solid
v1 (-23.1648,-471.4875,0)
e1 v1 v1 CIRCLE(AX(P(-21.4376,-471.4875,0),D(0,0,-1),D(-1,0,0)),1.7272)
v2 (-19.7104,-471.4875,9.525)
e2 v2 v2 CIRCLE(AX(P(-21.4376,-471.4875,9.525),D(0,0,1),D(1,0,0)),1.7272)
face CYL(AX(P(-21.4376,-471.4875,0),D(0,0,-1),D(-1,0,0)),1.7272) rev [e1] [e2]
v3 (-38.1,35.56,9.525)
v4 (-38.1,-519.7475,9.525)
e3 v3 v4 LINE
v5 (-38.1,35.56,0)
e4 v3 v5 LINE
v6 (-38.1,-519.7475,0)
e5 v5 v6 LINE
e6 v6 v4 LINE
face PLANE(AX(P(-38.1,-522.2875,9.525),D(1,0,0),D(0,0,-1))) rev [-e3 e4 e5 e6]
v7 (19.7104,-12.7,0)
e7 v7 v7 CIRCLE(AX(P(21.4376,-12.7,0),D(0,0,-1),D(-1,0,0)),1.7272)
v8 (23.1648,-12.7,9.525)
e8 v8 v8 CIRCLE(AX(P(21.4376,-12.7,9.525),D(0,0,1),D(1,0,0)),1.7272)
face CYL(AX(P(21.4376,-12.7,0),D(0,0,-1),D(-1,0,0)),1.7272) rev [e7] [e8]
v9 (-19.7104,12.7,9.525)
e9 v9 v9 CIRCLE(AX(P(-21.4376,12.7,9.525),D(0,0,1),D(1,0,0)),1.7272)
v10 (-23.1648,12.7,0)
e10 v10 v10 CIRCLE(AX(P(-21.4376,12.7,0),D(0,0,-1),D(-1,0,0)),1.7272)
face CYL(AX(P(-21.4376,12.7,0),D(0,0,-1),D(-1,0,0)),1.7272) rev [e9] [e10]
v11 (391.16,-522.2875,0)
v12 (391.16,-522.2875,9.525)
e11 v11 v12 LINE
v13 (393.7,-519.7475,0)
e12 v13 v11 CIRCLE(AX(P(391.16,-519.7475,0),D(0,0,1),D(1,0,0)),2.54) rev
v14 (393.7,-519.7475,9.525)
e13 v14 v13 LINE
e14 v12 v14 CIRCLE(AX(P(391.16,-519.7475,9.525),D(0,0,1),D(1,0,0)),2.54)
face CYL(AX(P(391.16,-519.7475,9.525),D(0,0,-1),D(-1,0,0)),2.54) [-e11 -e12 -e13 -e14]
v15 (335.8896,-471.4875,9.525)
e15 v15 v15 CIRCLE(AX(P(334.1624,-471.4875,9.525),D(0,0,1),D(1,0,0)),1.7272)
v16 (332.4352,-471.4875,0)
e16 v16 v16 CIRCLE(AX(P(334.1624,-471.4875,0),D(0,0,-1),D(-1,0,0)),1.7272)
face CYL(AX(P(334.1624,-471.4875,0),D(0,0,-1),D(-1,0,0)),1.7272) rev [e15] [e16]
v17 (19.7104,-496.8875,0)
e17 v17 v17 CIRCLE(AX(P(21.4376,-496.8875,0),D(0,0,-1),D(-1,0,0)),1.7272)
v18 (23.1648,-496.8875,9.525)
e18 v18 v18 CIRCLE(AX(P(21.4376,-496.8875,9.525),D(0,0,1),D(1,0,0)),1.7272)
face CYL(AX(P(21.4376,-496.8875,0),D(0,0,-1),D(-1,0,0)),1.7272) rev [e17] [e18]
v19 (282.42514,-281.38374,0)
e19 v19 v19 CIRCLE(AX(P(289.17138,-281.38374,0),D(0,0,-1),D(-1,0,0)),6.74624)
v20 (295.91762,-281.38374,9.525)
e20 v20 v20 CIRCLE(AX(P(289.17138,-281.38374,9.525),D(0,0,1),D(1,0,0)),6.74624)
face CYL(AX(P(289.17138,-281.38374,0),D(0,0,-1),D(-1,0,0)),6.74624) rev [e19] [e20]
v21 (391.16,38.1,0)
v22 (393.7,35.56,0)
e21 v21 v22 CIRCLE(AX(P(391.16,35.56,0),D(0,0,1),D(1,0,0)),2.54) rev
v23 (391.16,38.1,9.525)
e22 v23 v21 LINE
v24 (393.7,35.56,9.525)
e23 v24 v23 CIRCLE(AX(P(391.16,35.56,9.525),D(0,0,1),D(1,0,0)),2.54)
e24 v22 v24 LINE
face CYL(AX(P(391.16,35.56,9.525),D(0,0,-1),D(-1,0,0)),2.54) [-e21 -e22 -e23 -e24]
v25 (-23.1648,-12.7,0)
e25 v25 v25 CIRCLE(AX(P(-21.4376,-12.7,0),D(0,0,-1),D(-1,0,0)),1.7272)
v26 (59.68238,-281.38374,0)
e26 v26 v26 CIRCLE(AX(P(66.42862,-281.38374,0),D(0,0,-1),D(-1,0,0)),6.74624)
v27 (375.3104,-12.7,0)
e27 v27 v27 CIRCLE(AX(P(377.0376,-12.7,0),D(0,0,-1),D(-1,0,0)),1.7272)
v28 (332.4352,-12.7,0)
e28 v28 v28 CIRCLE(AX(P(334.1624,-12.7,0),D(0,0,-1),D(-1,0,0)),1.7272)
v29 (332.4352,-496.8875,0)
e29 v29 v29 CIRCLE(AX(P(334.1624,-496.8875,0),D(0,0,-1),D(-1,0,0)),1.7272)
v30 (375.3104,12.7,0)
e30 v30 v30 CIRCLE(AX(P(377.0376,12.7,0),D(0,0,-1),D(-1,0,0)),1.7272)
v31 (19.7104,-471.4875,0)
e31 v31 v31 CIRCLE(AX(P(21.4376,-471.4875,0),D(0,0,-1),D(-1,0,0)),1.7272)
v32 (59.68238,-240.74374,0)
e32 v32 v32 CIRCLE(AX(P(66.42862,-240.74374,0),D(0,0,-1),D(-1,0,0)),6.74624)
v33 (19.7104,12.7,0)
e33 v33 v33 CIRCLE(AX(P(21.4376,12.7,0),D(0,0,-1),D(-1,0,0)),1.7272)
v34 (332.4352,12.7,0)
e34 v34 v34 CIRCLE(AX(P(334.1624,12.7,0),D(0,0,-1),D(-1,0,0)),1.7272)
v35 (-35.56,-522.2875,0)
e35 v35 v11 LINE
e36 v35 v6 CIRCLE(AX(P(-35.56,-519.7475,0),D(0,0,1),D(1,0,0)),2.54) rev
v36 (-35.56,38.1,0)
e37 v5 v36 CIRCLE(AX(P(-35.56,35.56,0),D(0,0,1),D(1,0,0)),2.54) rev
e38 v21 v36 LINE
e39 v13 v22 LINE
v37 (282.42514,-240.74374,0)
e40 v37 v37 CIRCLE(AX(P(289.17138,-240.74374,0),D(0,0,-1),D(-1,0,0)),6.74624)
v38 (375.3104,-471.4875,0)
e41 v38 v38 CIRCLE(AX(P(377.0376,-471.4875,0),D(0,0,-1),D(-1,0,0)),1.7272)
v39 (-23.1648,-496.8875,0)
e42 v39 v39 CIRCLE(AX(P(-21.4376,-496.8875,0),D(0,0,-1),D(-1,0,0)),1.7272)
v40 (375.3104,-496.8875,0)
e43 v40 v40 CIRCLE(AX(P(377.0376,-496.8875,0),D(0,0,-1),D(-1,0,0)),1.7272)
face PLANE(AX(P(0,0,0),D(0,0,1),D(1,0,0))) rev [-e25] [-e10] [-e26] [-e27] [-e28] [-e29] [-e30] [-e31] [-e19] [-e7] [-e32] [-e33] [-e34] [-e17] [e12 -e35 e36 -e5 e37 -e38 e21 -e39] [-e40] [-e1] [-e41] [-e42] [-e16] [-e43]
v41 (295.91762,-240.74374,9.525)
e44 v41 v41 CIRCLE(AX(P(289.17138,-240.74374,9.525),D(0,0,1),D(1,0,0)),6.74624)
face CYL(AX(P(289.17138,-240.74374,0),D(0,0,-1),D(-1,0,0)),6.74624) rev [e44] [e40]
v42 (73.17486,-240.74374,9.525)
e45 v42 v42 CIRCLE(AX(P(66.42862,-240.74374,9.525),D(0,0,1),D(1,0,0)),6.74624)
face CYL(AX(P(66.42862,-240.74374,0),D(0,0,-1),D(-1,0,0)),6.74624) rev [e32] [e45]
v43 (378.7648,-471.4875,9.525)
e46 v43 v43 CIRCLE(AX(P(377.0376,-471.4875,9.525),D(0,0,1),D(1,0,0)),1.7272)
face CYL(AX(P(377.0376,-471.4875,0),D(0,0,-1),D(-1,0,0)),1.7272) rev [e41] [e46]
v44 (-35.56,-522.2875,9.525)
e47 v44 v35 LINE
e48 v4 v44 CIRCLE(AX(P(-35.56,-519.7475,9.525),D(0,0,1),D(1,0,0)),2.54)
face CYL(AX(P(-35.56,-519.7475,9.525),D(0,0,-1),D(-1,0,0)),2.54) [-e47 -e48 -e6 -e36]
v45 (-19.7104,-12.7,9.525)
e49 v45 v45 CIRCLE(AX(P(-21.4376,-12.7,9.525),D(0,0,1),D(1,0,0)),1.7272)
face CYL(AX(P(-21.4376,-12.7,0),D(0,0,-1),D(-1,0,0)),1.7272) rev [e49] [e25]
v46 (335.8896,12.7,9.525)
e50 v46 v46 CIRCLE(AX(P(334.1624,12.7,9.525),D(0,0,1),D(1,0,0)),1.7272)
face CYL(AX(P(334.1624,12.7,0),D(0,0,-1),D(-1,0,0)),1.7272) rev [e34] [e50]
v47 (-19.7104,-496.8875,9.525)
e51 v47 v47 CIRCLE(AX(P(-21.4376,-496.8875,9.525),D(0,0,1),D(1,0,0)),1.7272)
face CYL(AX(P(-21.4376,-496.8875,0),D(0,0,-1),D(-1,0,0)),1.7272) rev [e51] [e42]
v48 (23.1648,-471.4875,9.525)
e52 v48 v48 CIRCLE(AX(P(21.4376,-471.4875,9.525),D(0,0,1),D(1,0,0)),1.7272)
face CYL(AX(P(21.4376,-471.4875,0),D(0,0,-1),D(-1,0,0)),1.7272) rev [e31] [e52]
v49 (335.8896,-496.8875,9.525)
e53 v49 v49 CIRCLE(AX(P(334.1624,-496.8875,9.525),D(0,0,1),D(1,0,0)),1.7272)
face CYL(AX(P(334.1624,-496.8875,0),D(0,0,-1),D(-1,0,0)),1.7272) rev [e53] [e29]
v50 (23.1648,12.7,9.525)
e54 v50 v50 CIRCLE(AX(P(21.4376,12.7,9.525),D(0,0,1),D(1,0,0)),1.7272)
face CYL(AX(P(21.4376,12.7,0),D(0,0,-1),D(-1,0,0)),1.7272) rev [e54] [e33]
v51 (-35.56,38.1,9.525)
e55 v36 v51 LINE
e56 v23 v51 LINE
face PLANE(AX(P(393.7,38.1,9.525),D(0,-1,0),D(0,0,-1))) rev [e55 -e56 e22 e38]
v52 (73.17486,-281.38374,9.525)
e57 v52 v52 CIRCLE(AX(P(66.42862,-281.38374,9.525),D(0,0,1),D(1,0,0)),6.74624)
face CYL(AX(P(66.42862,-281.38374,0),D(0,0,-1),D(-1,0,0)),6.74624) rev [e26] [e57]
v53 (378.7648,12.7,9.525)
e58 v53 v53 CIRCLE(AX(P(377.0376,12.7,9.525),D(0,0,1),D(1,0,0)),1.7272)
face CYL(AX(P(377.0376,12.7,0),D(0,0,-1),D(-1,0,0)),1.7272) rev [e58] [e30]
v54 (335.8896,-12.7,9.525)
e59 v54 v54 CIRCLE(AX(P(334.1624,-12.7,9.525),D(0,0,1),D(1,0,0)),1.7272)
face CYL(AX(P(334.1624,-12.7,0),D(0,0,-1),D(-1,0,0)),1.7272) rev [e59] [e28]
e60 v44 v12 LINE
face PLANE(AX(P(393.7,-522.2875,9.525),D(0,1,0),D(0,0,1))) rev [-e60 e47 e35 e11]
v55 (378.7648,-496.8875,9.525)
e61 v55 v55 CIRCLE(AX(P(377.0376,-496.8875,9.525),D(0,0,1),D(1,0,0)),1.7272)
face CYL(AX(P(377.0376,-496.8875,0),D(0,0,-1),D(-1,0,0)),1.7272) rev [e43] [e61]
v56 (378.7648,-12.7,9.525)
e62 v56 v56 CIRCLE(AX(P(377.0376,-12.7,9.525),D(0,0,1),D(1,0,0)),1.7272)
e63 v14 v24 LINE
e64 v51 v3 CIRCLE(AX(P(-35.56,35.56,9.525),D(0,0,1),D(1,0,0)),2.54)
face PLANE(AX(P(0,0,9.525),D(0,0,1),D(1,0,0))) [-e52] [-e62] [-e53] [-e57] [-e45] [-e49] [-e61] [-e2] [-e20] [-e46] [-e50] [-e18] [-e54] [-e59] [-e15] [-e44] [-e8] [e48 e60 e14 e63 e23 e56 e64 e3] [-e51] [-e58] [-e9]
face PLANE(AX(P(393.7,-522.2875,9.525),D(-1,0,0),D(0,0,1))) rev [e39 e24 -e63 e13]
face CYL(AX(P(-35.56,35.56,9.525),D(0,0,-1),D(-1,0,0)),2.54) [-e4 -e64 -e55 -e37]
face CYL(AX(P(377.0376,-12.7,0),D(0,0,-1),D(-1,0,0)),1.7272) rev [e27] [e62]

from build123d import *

# Parameters (mm, degrees)
SKETCH1_W               = 431.8
SKETCH1_H               = 560.3875
BOSS_EXTRUDE1_DEPTH     = 9.525
FILLET1_R               = 2.54
F_1_2_CLEARANCE_HOLE1_D = 13.49248
F_5_CLEARANCE_HOLE1_D   = 3.4544


with BuildPart() as part:
    # Sketch1 → Boss-Extrude1 (new body)
    with BuildSketch(Plane.XY):
        with Locations((177.8, -242.09375)):
            Rectangle(SKETCH1_W, SKETCH1_H)
    extrude(amount=BOSS_EXTRUDE1_DEPTH)

    # Fillet1
    fillet1_edges = [part.edges().sort_by_distance(p)[0] for p in [
        (-38.1, 38.1, 4.7625),
        (393.7, 38.1, 4.7625),
        (393.7, -522.2875, 4.7625),
        (-38.1, -522.2875, 4.7625),
    ]]
    fillet(fillet1_edges, radius=FILLET1_R)

    # 1/2 Clearance Hole1 (through all)
    with Locations(Plane(origin=(0, 0, 0), x_dir=(-1, 0, 0), z_dir=(0, 0, -1))):
        with Locations((-66.42862, -240.74374), (-289.17138, -240.74374), (-289.17138, -281.38374), (-66.42862, -281.38374)):
            Hole(F_1_2_CLEARANCE_HOLE1_D / 2)

    # #5 Clearance Hole1 (through all)
    with Locations(Plane(origin=(0, 0, 0), x_dir=(-1, 0, 0), z_dir=(0, 0, -1))):
        with Locations((-377.0376, 12.7), (-377.0376, -12.7), (-334.1624, 12.7), (-334.1624, -12.7), (-21.4376, -12.7), (21.4376, -12.7), (21.4376, 12.7), (-21.4376, 12.7), (-21.4376, -496.8875), (21.4376, -496.8875), (21.4376, -471.4875), (-21.4376, -471.4875), (-334.1624, -471.4875), (-334.1624, -496.8875), (-377.0376, -471.4875), (-377.0376, -496.8875)):
            Hole(F_5_CLEARANCE_HOLE1_D / 2)


solid = part.part
